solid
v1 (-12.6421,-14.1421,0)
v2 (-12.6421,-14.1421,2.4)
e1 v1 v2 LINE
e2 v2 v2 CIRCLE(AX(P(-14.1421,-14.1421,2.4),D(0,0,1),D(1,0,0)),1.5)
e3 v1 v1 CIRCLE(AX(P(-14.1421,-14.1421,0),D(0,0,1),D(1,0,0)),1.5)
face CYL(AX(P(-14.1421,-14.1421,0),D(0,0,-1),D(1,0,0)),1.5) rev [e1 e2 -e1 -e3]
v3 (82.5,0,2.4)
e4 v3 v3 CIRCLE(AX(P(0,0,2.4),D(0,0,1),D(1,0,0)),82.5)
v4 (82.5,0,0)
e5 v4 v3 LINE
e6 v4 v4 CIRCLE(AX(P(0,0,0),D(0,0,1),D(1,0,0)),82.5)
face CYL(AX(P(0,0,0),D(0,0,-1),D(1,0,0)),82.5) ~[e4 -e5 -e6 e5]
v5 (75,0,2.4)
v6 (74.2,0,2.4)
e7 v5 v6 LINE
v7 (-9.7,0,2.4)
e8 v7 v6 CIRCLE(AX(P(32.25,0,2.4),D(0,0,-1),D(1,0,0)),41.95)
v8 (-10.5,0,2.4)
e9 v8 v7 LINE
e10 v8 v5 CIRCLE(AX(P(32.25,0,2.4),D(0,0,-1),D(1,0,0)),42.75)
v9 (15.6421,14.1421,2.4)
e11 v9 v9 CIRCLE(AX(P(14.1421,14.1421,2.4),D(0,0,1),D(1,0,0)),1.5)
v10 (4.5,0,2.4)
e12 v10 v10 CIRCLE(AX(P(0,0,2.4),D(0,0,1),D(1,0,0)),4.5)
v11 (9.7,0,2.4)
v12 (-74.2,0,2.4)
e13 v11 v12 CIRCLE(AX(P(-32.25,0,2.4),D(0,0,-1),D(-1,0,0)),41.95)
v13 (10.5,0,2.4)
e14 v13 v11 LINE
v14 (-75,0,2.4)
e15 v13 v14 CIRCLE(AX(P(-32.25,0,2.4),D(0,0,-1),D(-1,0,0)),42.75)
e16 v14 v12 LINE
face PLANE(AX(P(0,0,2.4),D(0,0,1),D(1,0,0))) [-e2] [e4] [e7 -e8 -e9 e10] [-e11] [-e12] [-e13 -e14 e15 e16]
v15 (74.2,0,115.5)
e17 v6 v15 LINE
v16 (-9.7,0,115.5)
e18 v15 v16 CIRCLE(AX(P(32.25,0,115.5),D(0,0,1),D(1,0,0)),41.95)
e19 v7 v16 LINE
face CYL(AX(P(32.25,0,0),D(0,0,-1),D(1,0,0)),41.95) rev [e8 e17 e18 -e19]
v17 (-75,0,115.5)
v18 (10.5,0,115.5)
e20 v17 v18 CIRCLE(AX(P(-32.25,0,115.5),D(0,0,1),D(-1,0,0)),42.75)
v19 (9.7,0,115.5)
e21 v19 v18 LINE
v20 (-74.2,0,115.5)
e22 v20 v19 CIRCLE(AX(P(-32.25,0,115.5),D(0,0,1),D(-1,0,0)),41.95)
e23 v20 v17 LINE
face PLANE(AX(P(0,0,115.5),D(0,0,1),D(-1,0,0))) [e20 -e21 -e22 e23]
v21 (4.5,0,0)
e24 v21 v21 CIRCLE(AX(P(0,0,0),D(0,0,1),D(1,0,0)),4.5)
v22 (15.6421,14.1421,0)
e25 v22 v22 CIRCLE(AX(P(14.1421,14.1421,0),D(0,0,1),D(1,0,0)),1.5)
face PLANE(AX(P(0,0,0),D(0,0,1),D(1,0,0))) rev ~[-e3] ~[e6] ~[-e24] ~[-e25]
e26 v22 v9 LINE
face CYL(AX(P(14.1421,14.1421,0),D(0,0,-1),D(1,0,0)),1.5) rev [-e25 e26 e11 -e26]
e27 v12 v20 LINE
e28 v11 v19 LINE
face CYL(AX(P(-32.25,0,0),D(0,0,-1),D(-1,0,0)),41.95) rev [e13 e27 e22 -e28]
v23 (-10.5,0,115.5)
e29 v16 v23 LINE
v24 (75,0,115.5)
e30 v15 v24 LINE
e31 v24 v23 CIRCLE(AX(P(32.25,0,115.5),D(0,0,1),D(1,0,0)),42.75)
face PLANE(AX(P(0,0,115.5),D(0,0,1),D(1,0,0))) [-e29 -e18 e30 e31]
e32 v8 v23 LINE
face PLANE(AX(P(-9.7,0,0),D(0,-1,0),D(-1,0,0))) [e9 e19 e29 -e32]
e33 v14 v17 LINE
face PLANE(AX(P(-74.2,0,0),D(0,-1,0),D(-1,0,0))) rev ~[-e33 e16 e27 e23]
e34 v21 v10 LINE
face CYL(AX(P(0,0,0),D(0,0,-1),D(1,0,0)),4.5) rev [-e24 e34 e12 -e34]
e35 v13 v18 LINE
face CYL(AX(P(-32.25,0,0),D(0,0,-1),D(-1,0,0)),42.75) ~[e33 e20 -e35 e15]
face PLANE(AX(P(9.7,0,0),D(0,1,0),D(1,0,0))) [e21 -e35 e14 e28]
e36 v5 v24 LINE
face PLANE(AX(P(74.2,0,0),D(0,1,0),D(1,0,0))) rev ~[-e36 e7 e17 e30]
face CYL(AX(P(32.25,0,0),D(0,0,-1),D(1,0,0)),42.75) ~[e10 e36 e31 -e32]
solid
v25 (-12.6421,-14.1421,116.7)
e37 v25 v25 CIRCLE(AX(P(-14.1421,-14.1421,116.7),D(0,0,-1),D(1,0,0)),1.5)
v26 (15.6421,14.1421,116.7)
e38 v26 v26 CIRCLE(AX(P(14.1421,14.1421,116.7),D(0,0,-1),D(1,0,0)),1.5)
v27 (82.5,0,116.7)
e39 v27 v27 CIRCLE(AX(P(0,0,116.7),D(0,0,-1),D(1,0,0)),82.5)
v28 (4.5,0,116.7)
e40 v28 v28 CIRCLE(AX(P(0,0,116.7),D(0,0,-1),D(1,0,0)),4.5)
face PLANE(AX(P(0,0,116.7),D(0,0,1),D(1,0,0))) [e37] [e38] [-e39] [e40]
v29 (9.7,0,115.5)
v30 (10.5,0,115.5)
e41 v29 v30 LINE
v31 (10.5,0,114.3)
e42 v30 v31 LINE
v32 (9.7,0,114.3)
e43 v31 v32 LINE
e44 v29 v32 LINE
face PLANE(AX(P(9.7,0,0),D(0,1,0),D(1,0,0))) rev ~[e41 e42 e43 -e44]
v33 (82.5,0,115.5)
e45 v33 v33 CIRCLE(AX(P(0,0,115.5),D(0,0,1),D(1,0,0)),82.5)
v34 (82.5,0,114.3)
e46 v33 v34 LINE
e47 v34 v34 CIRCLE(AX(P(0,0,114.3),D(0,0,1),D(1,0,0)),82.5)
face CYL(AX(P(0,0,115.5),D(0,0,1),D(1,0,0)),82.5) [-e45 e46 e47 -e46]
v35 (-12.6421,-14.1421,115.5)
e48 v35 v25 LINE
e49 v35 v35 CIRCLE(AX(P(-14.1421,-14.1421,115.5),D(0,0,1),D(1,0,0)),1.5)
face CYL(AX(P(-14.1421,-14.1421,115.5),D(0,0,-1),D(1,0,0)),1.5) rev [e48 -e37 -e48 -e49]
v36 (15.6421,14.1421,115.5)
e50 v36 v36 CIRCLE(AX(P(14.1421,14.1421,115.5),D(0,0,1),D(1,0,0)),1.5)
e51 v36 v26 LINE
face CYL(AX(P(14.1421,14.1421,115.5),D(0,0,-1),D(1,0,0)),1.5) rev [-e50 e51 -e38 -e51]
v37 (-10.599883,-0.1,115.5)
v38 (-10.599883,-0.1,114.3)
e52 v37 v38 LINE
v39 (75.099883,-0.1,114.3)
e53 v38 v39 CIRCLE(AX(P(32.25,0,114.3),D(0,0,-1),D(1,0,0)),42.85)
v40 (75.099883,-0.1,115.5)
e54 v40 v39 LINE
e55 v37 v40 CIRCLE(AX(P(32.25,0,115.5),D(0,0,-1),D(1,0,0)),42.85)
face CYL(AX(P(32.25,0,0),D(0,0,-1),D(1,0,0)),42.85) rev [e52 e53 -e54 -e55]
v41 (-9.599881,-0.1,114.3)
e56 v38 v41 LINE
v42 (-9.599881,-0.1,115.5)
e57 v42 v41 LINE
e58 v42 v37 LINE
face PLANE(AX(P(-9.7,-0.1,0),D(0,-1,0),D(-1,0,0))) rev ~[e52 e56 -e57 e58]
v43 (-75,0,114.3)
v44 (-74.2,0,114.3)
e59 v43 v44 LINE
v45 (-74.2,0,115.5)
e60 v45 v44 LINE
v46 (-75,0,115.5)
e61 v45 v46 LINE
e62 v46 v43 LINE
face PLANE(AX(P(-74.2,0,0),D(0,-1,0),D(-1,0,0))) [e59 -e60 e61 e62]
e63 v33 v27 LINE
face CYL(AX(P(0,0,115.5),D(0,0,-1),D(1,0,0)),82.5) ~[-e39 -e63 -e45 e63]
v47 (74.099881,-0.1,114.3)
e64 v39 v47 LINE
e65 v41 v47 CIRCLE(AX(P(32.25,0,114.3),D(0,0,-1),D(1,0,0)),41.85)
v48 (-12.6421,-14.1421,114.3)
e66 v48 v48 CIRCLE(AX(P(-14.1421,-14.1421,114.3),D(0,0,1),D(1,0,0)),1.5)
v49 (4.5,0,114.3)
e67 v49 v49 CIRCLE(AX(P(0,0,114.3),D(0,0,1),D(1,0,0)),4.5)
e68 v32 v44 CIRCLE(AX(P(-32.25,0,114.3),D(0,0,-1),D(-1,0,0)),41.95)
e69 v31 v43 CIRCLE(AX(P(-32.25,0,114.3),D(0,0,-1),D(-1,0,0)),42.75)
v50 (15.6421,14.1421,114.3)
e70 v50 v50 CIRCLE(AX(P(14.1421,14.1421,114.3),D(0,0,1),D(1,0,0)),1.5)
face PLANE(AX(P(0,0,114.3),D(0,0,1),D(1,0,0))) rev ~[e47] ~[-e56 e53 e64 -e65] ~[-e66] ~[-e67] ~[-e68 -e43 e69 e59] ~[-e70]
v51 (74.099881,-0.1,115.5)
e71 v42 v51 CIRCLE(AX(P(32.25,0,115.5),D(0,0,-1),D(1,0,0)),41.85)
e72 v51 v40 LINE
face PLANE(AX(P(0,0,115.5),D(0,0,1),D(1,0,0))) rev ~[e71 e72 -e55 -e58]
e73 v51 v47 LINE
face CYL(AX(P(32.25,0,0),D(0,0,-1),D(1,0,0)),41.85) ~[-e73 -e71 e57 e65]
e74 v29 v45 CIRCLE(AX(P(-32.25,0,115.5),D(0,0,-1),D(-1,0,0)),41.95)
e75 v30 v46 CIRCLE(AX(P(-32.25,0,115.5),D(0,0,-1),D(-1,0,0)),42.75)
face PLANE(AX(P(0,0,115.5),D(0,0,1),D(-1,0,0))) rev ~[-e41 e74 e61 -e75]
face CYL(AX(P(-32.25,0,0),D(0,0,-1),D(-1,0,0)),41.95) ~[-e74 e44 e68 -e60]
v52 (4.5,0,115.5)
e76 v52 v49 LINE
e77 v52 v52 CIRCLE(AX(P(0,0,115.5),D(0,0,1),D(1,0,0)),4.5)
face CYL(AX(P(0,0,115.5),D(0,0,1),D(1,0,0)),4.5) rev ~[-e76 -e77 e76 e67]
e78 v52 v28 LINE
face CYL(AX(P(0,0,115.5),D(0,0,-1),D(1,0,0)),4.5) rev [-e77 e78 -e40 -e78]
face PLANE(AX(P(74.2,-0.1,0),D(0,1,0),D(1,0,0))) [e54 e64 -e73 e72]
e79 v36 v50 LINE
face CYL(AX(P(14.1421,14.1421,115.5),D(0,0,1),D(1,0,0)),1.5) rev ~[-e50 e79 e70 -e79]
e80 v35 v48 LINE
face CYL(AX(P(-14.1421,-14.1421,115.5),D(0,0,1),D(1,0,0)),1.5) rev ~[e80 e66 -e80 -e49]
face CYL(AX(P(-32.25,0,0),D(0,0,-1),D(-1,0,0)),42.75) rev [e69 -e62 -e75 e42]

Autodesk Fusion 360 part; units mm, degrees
sketch "Turbine Blade" plane through (0, 0, 0) normal (0, 0, 1) x (1, 0, 0) in component "Savonius Turbine"
  circle A0 centre (0, 0) radius 10.5 construction
  line L0 (0, 0) -> (-10.5, 0) construction
  line L1 (-10.5, 0) -> (75, 0) construction
  arc A1 (75, 0) -> (-10.5, 0) centre (32.25, 0) ccw
  arc A2 (74.2, 0) -> (-9.7, 0) centre (32.25, 0) ccw
  line L2 (74.2, 0) -> (75, 0)
  line L3 (-10.5, 0) -> (-9.7, 0) construction
  line L4 (-9.7, 0) -> (-10.5, 0)
  dimension "d57" = 21
  dimension "d59" = 75
extrude "Extrude5" add sketch "Turbine Blade" along normal blind 115.5 makes body 1 in component "Savonius Turbine"
pattern_circular "C-Pattern1" count 2 over 360 about axis through (0, 0, 1.75) along (0, 0, 1) of bodies 1 makes body 2 in component "Savonius Turbine"
sketch "EndPlates" plane through (0, 0, 0) normal (0, 0, 1) x (1, 0, 0) in component "Savonius Turbine"
  circle A0 centre (0, 0) radius 82.5
  line L0 (14.1421, 14.1421) -> (-14.1421, -14.1421) construction
  circle A1 centre (14.1421, 14.1421) radius 1.5
  circle A2 centre (-14.1421, -14.1421) radius 1.5
  line L1 (20, 0) -> (2.5, 0)
  circle A3 centre (0, 0) radius 4.5
  dimension "d65" = 165
  dimension "d68" = 40
  dimension "d69" = 3
  dimension "d70" = 3
  dimension "d71" = 45
  dimension "d72" = 9
extrude "Extrude6" add sketch "EndPlates" along normal blind 2.4 separate body makes body 3 in component "Savonius Turbine"
extrude "Extrude7" add sketch "EndPlates" along normal mid plane 2.4 from surface at 115.5 separate body makes body 4 in component "Savonius Turbine"
combine "Combine1" operation cut target body 4 tool bodies 1 2 keep tools in component "Savonius Turbine"
combine "Combine2" operation add target body 3 tool bodies 2 1 in component "Savonius Turbine"
move_face "OffsetFaces1" offset -0.1 8 faces at (73.9915, 4.1769, 114.7) (73.9915, 4.1769, 114.7) (-9.9667, 0, 114.7) (74.7876, 4.2565, 114.7) (-9.9667, 0, 114.7) (74.7876, 4.2565, 114.7) (74.4667, 0, 114.7) (74.4667, 0, 114.7) on bodies 4 in component "Savonius Turbine"
component "Savonius Turbine" placed x (1, 0, 0) y (0, 1, 0) z (0, 0, 1) at (0, 0, 0)
equation "Width = 150 mm"
equation "Height = Width * AspectRatio"
equation "Overlap = OverlapPercent * Width"
equation "BladeDiameter = ( Width + Overlap ) / 2"
equation "BladeThickness = 0.8 mm"
equation "BaseThickness = 2.4 mm"
equation "d57 = Overlap"
equation "d59 = Width / 2"
equation "d61 = Height"
equation "d65 = Width * BaseRatio"
equation "d66 = BaseThickness"
equation "d73 = Height"
equation "d74 = BaseThickness"
